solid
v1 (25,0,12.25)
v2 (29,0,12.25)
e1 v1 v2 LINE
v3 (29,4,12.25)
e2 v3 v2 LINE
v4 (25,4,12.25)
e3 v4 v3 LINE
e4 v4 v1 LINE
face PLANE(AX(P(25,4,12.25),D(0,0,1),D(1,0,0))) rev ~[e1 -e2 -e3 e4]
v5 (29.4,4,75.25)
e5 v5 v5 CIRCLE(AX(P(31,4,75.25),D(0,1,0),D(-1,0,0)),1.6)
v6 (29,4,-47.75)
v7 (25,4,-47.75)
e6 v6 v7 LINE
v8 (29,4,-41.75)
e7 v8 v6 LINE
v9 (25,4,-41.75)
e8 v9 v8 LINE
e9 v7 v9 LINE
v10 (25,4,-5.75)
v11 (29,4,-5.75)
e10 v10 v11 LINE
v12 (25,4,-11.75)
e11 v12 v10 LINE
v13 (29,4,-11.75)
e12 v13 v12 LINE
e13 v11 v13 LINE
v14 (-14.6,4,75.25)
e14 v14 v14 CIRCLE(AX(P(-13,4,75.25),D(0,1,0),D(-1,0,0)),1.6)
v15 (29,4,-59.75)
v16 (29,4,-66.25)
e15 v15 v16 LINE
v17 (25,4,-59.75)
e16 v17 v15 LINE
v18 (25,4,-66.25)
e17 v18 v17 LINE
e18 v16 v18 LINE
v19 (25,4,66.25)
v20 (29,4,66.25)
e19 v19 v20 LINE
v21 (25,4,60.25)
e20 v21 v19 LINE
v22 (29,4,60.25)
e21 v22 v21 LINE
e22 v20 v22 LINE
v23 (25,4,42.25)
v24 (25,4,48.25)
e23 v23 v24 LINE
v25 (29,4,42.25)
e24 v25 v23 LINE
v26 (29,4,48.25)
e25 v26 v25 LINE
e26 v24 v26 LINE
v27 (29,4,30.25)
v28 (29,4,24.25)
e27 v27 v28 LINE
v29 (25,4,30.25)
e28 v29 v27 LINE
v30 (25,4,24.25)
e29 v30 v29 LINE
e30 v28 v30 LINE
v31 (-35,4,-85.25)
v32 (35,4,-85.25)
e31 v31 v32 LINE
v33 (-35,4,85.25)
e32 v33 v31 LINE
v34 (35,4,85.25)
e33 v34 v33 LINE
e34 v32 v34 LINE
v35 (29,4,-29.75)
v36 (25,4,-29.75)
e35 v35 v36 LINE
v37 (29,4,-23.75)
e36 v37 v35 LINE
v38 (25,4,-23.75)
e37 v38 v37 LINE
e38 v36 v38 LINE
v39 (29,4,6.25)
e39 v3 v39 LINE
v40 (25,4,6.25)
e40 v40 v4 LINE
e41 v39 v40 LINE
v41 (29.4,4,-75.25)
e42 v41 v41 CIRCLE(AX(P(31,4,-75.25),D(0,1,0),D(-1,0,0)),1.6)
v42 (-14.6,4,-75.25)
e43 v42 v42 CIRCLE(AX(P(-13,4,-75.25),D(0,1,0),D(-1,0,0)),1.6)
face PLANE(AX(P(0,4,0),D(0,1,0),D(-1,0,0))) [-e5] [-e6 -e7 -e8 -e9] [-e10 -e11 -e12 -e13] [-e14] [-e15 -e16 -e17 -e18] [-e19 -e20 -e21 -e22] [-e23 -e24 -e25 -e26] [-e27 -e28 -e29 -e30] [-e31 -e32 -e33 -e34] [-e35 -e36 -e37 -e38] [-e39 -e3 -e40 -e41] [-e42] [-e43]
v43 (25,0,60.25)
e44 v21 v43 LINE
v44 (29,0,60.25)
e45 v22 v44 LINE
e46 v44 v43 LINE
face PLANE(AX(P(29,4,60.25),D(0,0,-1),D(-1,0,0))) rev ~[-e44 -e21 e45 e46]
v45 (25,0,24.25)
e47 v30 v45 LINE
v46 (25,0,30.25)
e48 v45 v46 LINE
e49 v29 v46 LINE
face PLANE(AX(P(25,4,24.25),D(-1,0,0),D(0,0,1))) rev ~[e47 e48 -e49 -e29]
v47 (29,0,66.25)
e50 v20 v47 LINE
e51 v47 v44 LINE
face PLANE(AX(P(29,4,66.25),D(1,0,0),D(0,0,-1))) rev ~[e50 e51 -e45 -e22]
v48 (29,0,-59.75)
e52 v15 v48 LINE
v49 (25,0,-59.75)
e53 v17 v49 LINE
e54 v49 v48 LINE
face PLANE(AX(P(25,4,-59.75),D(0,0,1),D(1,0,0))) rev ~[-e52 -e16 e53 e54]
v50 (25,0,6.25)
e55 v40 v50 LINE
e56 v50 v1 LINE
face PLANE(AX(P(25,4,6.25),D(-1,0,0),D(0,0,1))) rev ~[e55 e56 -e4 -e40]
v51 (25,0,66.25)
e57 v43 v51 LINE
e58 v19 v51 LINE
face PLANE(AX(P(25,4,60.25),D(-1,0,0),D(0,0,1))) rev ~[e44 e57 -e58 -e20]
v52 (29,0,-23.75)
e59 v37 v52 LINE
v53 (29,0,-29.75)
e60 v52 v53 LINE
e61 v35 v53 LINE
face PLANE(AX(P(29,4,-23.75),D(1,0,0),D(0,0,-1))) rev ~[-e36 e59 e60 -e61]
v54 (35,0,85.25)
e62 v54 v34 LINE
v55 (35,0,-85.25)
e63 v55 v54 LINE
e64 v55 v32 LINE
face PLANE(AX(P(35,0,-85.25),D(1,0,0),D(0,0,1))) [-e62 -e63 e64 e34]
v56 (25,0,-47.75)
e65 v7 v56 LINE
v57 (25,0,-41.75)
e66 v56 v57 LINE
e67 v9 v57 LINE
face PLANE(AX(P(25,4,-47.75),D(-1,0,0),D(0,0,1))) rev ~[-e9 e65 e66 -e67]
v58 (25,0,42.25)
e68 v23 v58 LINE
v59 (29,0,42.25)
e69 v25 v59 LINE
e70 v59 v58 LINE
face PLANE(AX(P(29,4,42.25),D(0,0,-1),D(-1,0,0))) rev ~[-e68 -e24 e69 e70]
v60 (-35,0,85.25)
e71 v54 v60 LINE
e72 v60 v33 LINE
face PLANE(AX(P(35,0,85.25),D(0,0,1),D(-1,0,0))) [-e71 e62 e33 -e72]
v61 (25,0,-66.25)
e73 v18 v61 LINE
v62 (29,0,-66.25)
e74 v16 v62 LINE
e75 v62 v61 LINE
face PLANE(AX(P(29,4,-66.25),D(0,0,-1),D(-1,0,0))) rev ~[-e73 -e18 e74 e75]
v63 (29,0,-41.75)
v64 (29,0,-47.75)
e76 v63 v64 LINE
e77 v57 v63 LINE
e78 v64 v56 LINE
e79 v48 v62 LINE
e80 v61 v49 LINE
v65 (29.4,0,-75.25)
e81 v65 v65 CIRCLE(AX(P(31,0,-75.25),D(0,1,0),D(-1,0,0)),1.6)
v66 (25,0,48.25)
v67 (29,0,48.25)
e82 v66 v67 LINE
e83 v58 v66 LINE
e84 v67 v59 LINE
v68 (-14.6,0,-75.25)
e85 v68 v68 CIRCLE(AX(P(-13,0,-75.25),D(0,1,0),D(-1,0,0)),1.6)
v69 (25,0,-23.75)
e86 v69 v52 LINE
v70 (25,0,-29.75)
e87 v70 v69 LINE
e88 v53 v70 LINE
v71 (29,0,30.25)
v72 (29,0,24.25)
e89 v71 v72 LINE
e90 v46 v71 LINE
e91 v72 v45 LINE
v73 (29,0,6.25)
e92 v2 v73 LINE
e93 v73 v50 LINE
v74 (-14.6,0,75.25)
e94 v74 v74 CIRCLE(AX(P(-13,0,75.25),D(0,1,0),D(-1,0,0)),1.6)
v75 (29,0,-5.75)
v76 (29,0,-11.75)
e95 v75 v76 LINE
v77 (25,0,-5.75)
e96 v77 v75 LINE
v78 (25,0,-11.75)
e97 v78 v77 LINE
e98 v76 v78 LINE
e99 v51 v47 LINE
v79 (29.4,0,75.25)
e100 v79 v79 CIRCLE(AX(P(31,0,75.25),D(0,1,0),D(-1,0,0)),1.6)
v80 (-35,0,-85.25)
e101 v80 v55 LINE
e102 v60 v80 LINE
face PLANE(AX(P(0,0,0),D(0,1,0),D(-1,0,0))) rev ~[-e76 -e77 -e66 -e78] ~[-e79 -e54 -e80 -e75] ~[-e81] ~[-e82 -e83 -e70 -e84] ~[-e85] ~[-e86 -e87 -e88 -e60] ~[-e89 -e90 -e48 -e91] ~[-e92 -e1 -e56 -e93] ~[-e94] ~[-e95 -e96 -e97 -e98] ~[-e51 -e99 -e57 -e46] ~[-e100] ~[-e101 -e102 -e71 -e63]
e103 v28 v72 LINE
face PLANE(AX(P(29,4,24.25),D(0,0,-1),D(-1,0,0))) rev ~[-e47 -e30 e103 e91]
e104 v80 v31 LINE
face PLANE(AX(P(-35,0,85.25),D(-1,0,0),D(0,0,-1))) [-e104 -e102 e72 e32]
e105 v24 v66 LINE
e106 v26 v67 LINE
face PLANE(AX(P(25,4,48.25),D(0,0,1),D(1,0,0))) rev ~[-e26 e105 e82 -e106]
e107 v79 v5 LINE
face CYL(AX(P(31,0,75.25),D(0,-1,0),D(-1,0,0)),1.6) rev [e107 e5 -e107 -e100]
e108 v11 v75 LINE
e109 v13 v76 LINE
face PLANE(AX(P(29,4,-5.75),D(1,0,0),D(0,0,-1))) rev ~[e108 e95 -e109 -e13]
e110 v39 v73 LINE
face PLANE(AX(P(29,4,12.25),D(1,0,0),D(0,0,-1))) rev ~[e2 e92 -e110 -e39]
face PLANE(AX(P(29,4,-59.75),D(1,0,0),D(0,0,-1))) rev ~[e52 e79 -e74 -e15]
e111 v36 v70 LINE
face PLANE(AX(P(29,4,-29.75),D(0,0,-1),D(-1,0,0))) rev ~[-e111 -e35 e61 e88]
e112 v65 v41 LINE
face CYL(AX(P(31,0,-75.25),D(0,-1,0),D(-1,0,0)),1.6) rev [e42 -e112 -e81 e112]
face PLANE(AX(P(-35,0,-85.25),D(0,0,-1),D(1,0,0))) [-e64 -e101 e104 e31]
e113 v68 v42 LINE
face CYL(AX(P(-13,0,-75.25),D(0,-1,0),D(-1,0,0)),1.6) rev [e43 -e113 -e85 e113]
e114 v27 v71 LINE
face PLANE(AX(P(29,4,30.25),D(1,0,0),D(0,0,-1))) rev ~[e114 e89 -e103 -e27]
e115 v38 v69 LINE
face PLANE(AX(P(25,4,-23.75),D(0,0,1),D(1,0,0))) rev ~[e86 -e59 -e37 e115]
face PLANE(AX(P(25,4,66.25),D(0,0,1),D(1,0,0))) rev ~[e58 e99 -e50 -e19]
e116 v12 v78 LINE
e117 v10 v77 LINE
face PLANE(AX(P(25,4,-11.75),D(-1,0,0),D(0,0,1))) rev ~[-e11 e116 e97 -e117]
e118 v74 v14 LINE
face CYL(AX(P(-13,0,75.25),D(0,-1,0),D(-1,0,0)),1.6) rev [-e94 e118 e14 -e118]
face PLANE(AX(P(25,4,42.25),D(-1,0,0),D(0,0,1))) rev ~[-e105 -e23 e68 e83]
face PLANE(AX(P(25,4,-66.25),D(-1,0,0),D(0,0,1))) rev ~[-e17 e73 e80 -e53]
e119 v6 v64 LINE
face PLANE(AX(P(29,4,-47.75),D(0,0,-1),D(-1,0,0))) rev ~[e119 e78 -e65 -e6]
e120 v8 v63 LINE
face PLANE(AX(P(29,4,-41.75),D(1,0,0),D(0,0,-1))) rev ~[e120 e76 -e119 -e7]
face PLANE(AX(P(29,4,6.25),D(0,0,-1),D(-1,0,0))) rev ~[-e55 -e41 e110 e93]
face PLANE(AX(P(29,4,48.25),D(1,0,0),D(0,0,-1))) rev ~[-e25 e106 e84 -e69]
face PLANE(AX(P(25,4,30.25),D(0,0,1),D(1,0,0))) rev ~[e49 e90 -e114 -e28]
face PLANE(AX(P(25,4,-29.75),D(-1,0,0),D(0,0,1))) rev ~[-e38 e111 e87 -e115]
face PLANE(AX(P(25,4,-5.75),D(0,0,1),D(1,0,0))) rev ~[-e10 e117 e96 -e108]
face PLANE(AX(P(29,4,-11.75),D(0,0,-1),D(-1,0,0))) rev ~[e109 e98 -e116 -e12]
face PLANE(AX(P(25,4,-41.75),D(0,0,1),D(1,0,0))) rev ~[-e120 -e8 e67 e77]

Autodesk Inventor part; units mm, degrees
ref_plane "YZ Plane" through (0, 0, 0) normal (1, 0, 0) x (0, 1, 0)
ref_plane "XZ Plane" through (0, 0, 0) normal (0, 1, 0) x (-1, 0, 0)
ref_plane "XY Plane" through (0, 0, 0) normal (0, 0, 1) x (1, 0, 0)
sketch "Эскиз1" plane through (0, 0, 0) normal (0, 1, 0) x (-1, 0, 0)
  line L0 (-35, 85.25) -> (35, 85.25)
  line L1 (35, 85.25) -> (35, -85.25)
  line L2 (35, -85.25) -> (-35, -85.25)
  line L3 (-35, -85.25) -> (-35, 85.25)
  line L4 (-35, 85.25) -> (35, -85.25) construction
  line L5 (35, 85.25) -> (-35, -85.25) construction
  circle A0 centre (13, 75.25) radius 1.6
  circle A1 centre (-31, 75.25) radius 1.6
  line L6 (35, 0) -> (0, 0) construction
  line L7 (-35, -85.25) -> (35, 85.25) construction
  circle A2 centre (13, -75.25) radius 1.6
  circle A3 centre (-31, -75.25) radius 1.6
  dimension "d0" = 170.5
  dimension "d1" = 70
  dimension "d2" = 3.2
  dimension "d3" = 22
  dimension "d4" = 10
  dimension "d5" = 3.2
  dimension "d6" = 4
  dimension "d7" = 10
extrude "Выдавливание1" add sketch "Эскиз1" along normal blind 4
sketch "Эскиз2" plane through (0, 4, 0) normal (0, 1, 0) x (1, 0, 0)
  line L0 (29, -66.25) -> (25, -66.25) construction
  line L1 (25, 66.25) -> (29, 66.25) construction
  line L2 (29, 66.25) -> (29, -66.25) construction
  line L3 (35, -85.25) -> (35, 85.25) construction
  line L4 (-35, -85.25) -> (35, -85.25) projected
  line L5 (35, 85.25) -> (-35, 85.25) projected
  line L6 (25, -66.25) -> (29, -66.25)
  line L7 (29, -66.25) -> (29, -60.25)
  line L8 (29, -60.25) -> (25, -60.25)
  line L9 (25, -60.25) -> (25, -66.25)
  line L10 (25, -48.25) -> (29, -48.25)
  line L11 (25, -42.25) -> (25, -48.25)
  line L12 (29, -48.25) -> (29, -42.25)
  line L13 (29, -42.25) -> (25, -42.25)
  line L14 (25, -30.25) -> (29, -30.25)
  line L15 (25, -24.25) -> (25, -30.25)
  line L16 (29, -30.25) -> (29, -24.25)
  line L17 (29, -24.25) -> (25, -24.25)
  line L18 (25, -12.25) -> (29, -12.25)
  line L19 (25, -6.25) -> (25, -12.25)
  line L20 (29, -12.25) -> (29, -6.25)
  line L21 (29, -6.25) -> (25, -6.25)
  line L22 (25, 5.75) -> (29, 5.75)
  line L23 (25, 11.75) -> (25, 5.75)
  line L24 (29, 5.75) -> (29, 11.75)
  line L25 (29, 11.75) -> (25, 11.75)
  line L26 (25, 23.75) -> (29, 23.75)
  line L27 (25, 29.75) -> (25, 23.75)
  line L28 (29, 23.75) -> (29, 29.75)
  line L29 (29, 29.75) -> (25, 29.75)
  line L30 (25, 41.75) -> (29, 41.75)
  line L31 (25, 47.75) -> (25, 41.75)
  line L32 (29, 41.75) -> (29, 47.75)
  line L33 (29, 47.75) -> (25, 47.75)
  line L34 (29, 66.25) -> (25, 66.25)
  line L35 (25, 66.25) -> (25, 59.75)
  line L36 (25, 59.75) -> (29, 59.75)
  line L37 (29, 59.75) -> (29, 66.25)
  point P0 (27, -66.25)
  point P1 (27, 66.25)
  dimension "d12" = 4
  dimension "d13" = 6
  dimension "d14" = 19
  dimension "d15" = 19
  dimension "d16" = 4
  dimension "d17" = 6
  dimension "d20" = 18
  dimension "d25" = 4
  dimension "d26" = 6.5
extrude "Выдавливание2" cut sketch "Эскиз2" against normal blind 10
